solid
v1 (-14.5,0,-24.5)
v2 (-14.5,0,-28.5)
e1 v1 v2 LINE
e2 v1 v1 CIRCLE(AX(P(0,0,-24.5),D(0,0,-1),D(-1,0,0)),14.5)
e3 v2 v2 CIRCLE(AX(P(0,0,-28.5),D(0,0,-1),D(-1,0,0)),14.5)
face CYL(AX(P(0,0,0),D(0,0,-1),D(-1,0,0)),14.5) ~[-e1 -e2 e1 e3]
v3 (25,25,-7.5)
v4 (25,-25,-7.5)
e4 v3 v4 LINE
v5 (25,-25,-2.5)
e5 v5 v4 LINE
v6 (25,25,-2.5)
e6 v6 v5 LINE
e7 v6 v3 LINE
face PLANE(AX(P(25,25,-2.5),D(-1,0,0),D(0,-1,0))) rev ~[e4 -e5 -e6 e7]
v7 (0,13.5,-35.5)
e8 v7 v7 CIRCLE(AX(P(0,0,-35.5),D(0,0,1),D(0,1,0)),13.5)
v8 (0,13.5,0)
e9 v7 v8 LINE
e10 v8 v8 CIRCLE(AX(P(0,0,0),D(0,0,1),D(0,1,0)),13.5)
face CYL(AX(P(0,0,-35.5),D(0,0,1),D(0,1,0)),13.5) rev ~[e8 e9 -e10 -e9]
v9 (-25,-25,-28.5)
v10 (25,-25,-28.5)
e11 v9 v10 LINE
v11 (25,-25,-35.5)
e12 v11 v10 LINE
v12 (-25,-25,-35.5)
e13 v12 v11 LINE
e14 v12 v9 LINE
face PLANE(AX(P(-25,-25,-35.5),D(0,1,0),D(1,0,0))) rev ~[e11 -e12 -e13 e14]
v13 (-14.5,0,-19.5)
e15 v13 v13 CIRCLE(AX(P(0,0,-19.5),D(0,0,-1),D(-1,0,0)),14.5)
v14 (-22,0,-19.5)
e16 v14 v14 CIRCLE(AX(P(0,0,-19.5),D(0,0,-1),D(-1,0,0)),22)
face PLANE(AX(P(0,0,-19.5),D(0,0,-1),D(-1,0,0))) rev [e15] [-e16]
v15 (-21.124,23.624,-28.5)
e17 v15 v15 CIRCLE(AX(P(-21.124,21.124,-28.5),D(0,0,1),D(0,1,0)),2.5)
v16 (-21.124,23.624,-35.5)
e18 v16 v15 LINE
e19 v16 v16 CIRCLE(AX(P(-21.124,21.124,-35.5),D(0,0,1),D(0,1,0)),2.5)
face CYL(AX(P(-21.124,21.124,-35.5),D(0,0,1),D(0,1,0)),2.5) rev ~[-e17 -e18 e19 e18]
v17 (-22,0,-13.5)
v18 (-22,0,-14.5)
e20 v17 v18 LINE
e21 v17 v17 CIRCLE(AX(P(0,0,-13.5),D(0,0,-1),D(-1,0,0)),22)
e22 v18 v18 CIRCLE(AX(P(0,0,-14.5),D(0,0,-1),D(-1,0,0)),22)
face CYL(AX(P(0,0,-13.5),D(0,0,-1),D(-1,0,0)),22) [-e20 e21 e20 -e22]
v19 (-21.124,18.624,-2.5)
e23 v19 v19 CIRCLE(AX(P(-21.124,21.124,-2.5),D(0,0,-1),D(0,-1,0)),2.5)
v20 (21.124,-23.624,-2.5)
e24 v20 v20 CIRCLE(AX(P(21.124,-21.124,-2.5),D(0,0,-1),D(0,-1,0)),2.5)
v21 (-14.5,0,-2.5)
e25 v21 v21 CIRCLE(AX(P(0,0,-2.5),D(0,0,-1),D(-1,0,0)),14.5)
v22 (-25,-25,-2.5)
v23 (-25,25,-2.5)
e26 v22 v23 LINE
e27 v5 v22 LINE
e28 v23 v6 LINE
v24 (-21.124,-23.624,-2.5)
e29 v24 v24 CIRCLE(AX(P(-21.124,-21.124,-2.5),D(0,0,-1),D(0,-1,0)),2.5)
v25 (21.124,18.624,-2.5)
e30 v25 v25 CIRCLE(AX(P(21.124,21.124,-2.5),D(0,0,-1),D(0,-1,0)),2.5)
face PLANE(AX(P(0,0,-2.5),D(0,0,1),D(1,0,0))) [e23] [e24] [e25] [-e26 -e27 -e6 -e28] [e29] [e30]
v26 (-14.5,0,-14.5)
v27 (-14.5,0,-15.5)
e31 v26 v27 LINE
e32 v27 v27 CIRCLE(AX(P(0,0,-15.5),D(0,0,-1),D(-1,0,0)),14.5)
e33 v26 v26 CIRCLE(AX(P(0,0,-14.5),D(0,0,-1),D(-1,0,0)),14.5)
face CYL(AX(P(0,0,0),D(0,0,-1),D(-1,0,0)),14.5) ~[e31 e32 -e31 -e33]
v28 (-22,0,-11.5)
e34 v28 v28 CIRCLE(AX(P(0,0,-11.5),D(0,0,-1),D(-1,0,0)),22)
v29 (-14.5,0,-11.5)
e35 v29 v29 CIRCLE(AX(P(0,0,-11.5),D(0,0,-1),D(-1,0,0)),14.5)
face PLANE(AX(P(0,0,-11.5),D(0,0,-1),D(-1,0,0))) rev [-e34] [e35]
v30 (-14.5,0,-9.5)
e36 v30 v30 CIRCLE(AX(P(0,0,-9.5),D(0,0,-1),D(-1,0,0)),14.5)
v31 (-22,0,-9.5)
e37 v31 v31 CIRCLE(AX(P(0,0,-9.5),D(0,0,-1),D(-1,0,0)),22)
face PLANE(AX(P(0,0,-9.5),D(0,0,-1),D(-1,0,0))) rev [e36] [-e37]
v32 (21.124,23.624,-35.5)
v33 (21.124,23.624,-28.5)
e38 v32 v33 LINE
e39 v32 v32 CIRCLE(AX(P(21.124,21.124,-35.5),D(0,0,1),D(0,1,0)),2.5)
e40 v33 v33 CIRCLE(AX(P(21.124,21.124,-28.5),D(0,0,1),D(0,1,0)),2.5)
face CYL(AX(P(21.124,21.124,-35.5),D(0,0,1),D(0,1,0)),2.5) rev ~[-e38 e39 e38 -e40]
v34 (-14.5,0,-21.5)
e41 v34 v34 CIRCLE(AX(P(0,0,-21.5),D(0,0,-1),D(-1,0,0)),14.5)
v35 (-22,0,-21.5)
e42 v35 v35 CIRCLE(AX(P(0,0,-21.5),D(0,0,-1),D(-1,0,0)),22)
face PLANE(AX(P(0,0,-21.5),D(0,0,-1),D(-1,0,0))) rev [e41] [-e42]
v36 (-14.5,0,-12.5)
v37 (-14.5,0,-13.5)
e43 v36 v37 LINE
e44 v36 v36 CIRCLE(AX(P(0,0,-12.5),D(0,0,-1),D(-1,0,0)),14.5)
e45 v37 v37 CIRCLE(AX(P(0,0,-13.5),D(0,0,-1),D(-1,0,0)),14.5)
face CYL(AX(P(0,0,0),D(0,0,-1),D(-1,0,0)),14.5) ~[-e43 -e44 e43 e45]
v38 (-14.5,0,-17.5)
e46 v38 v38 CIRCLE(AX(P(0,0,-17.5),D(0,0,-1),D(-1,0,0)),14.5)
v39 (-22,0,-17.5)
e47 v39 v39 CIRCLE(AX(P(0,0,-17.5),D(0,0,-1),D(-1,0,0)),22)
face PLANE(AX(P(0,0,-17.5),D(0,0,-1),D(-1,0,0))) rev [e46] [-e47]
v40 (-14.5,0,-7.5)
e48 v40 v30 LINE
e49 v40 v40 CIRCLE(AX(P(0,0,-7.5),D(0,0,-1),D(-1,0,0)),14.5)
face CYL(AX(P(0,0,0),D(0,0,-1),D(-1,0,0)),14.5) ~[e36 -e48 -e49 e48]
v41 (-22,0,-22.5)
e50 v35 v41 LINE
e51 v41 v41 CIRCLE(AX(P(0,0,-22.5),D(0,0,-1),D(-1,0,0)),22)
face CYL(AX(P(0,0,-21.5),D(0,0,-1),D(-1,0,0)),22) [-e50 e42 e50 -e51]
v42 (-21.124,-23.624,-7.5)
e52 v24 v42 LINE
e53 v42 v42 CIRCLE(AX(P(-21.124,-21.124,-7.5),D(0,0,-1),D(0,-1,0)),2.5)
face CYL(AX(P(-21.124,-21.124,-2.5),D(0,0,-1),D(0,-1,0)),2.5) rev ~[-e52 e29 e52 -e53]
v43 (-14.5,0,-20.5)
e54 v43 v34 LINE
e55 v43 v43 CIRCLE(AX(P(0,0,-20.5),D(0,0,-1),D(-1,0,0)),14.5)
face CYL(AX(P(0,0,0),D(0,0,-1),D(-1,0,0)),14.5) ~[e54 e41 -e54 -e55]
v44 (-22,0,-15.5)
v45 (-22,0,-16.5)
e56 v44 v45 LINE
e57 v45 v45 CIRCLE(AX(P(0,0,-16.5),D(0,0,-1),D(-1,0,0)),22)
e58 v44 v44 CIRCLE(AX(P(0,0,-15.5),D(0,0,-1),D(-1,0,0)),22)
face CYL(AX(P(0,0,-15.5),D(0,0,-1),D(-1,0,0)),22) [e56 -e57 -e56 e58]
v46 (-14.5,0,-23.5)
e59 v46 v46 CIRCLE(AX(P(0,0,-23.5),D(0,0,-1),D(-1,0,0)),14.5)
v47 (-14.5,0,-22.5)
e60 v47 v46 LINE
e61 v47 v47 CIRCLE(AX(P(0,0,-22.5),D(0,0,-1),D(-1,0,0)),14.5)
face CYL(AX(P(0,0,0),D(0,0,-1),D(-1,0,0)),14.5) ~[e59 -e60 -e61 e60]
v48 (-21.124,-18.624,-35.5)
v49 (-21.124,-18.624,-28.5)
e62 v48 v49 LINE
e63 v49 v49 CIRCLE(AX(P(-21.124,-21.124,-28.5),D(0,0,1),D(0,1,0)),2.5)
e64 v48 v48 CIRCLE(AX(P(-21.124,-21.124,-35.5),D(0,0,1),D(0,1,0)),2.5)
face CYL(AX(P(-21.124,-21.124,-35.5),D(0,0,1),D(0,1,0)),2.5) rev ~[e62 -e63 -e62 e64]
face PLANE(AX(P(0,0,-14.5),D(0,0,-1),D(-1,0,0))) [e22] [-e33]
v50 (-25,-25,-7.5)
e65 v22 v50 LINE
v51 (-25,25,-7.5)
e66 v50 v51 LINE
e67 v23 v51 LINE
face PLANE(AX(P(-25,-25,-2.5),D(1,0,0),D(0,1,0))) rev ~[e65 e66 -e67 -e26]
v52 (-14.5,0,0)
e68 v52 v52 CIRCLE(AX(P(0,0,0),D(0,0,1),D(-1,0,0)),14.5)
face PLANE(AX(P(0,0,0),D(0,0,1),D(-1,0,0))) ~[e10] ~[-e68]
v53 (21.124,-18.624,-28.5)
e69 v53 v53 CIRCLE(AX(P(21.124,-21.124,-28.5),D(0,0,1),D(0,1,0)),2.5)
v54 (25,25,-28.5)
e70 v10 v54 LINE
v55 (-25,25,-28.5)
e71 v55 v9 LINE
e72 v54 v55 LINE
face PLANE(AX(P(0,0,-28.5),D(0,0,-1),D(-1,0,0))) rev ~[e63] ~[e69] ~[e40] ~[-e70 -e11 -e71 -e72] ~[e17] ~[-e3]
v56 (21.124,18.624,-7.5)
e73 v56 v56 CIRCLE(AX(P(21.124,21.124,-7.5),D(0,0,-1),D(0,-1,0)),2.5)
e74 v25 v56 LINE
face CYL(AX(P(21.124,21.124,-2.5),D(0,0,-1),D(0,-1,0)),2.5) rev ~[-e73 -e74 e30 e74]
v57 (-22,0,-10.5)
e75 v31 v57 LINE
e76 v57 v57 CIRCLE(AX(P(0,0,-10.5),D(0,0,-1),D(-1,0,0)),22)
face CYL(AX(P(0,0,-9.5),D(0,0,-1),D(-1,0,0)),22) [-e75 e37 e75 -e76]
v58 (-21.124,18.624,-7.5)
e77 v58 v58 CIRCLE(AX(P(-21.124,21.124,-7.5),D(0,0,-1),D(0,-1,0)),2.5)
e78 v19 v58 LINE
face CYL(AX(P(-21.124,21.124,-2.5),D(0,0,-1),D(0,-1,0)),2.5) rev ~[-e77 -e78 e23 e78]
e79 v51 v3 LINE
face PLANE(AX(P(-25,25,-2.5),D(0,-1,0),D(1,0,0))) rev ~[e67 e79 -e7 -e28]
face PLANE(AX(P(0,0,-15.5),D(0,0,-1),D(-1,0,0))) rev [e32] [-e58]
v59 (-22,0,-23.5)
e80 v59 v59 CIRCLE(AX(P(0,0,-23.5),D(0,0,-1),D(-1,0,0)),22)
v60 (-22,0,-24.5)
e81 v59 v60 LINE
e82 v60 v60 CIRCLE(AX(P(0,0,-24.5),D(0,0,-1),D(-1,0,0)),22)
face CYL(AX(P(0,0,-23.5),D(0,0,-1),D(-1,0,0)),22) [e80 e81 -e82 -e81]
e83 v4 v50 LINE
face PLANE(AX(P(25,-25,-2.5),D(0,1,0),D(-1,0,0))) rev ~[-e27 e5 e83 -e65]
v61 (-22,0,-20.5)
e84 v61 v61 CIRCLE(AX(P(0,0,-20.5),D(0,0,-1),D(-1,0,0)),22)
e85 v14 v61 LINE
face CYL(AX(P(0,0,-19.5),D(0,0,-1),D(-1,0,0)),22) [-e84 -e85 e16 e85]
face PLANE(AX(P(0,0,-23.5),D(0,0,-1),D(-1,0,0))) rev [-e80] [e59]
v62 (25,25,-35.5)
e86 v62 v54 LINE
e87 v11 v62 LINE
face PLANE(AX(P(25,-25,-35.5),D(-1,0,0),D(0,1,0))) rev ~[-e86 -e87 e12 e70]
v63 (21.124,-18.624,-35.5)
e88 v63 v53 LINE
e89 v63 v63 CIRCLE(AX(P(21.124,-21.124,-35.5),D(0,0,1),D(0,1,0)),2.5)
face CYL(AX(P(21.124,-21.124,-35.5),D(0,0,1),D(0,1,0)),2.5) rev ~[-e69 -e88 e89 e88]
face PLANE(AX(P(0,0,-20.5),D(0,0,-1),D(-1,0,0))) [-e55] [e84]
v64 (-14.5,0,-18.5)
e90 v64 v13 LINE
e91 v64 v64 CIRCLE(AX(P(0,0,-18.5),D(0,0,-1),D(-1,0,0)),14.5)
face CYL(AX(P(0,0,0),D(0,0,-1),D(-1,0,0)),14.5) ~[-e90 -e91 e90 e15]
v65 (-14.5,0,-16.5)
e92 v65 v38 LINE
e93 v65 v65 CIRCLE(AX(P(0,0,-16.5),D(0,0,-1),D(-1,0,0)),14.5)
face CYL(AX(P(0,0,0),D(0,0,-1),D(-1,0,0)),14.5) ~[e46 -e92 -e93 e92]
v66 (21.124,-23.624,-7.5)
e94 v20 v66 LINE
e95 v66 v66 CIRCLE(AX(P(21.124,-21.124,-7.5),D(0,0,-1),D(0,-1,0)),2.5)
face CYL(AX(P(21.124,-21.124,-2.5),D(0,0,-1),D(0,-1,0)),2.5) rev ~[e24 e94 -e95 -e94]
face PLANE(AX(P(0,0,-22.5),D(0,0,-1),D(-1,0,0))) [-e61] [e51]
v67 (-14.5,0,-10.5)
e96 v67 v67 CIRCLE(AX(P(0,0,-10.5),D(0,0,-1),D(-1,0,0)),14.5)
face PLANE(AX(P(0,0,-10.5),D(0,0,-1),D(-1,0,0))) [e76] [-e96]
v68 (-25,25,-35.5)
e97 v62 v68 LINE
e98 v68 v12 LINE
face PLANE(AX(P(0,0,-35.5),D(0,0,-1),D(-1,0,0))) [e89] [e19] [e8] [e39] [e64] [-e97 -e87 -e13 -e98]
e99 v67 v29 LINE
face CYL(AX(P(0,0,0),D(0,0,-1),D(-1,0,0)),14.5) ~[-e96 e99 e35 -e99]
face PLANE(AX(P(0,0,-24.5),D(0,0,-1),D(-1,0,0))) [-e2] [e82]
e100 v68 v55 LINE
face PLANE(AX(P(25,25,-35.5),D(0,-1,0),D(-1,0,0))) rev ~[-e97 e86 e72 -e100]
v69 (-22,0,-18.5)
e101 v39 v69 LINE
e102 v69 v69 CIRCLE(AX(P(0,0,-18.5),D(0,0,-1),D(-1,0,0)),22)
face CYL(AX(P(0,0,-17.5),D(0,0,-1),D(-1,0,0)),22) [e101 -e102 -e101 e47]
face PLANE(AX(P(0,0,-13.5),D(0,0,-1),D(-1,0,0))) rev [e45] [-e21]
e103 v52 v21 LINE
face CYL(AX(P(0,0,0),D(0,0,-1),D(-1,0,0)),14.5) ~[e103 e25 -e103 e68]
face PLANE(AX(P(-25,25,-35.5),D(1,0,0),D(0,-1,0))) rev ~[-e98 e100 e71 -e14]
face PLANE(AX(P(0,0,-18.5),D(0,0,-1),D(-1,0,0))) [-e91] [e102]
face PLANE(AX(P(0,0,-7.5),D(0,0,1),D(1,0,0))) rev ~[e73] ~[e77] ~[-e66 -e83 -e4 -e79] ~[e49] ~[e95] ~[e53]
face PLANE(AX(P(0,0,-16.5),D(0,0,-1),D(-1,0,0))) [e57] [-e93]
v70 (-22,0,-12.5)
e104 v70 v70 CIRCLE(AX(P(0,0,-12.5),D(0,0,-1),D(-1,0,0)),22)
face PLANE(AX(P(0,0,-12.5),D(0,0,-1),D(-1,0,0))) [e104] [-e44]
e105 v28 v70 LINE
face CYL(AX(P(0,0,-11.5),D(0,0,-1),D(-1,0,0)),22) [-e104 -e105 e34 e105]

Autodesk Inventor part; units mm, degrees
sketch "Skizze2" plane through (0, 0, 0) normal (0, 1, 0) x (-1, 0, 0)
  line L0 (0, 0) -> (14.5, 0)
  line L1 (14.5, 0) -> (14.5, -35.5)
  line L2 (14.5, -35.5) -> (0, -35.5)
  line L3 (0, -35.5) -> (0, 0)
  dimension "d2" = 29
  dimension "d3" = 35.5
revolve "Umdrehung1" add sketch "Skizze2" angle 360 about axis through (0, 0, -35.5) along (0, 0, 1)
ref_plane "Arbeitsebene1" through (0, 0, 0) normal (1, 0, 0) x (0, 1, 0)
ref_plane "Arbeitsebene2" through (0, 0, -2.5) normal (0, 0, 1) x (1, 0, 0)
sketch "Skizze4" plane through (0, 0, -2.5) normal (0, 0, 1) x (1, 0, 0)
  line L0 (25, -25) -> (-25, -25)
  line L1 (-25, -25) -> (-25, 25)
  line L2 (-25, 25) -> (25, 25)
  line L3 (25, 25) -> (25, -25)
  line L4 (25, -25) -> (-25, 25) construction
  line L5 (-25, -25) -> (25, 25) construction
  point P0 (0, 0)
  dimension "d7" = 50
  dimension "d8" = 50
extrude "Extrusion1" add sketch "Skizze4" against normal blind 5
ref_plane "Arbeitsebene3" through (0, 0, 0) normal (0, 1, 0) x (-1, 0, 0)
sketch "Skizze5" plane through (0, 0, 0) normal (0, 1, 0) x (-1, 0, 0)
  line L0 (14.5, -2.5) -> (14.5, 0) projected
  line L1 (14.5, -35.5) -> (14.5, -7.5) projected
  line L2 (14.5, -9.5) -> (22, -9.5)
  line L3 (22, -9.5) -> (22, -10.5)
  line L4 (22, -10.5) -> (14.5, -10.5)
  line L5 (25, -2.5) -> (-25, -2.5) projected
  line L6 (25, -2.5) -> (25, -7.5) projected
  line L7 (-25, -7.5) -> (25, -7.5) projected
  line L8 (-25, -2.5) -> (-25, -7.5) projected
  line L9 (0, 0) -> (0, -35.5)
  line L10 (14.5, -9.5) -> (14.5, -10.5)
  line L11 (14.5, -11.5) -> (22, -11.5)
  line L12 (22, -11.5) -> (22, -12.5)
  line L13 (22, -12.5) -> (14.5, -12.5)
  line L14 (14.5, -11.5) -> (14.5, -12.5)
  line L15 (14.5, -13.5) -> (22, -13.5)
  line L16 (22, -13.5) -> (22, -14.5)
  line L17 (22, -14.5) -> (14.5, -14.5)
  line L18 (14.5, -13.5) -> (14.5, -14.5)
  line L19 (14.5, -15.5) -> (22, -15.5)
  line L20 (22, -15.5) -> (22, -16.5)
  line L21 (22, -16.5) -> (14.5, -16.5)
  line L22 (14.5, -15.5) -> (14.5, -16.5)
  line L23 (14.5, -17.5) -> (22, -17.5)
  line L24 (22, -17.5) -> (22, -18.5)
  line L25 (22, -18.5) -> (14.5, -18.5)
  line L26 (14.5, -17.5) -> (14.5, -18.5)
  line L27 (14.5, -19.5) -> (22, -19.5)
  line L28 (22, -19.5) -> (22, -20.5)
  line L29 (22, -20.5) -> (14.5, -20.5)
  line L30 (14.5, -19.5) -> (14.5, -20.5)
  line L31 (14.5, -21.5) -> (22, -21.5)
  line L32 (22, -21.5) -> (22, -22.5)
  line L33 (22, -22.5) -> (14.5, -22.5)
  line L34 (14.5, -21.5) -> (14.5, -22.5)
  line L35 (14.5, -23.5) -> (22, -23.5)
  line L36 (22, -23.5) -> (22, -24.5)
  line L37 (22, -24.5) -> (14.5, -24.5)
  line L38 (14.5, -23.5) -> (14.5, -24.5)
  point P0 (22, -10)
  point P1 (18.25, -13.5)
  point P2 (18.25, -22.5)
  dimension "d12" = 1
  dimension "d13" = 2
  dimension "d14" = 44
  dimension "d15" = 1
  dimension "d16" = 1
  dimension "d17" = 1
  dimension "d18" = 1
  dimension "d19" = 1
  dimension "d20" = 1
  dimension "d21" = 1
  dimension "d22" = 1
  dimension "d23" = 1
  dimension "d24" = 1
  dimension "d25" = 1
  dimension "d26" = 1
  dimension "d27" = 1
  dimension "d28" = 1
  dimension "d29" = 44
revolve "Umdrehung2" add sketch "Skizze5" angle 360 about axis through (0, 0, 0) along (0, 0, -1) contours L1 L2 L3 L4 | L1 L11 L12 L13 | L1 L15 L16 L17 | L1 L19 L20 L21 | L1 L23 L24 L25 | L1 L27 L28 L29 | L1 L31 L32 L33 | L1 L35 L36 L37
ref_plane "Arbeitsebene4" through (0, 0, -35.5) normal (0, 0, -1) x (-1, 0, 0)
sketch "Skizze6" plane through (0, 0, -35.5) normal (0, 0, -1) x (-1, 0, 0)
  line L0 (-25, 25) -> (25, 25)
  line L1 (25, 25) -> (25, -25)
  line L2 (25, -25) -> (-25, -25)
  line L3 (-25, -25) -> (-25, 25)
  line L4 (-25, 25) -> (25, -25) construction
  line L5 (25, 25) -> (-25, -25) construction
  point P0 (0, 0)
  dimension "d32" = 50
  dimension "d33" = 50
extrude "Extrusion2" add sketch "Skizze6" against normal blind 7
sketch "Skizze7" plane through (25, -25, -35.5) normal (0, 0, -1) x (-1, 0, 0)
  point P0 (25, 25)
  point P1 (25, 25)
hole "Bohrung1" at (0, 0, -35.5) direction (0, 0, 1) diameter 27 depth 35.5
sketch "Skizze8" plane through (25, -25, -35.5) normal (0, 0, -1) x (-1, 0, 0)
  line L0 (0, 0) -> (50, 0) projected
  line L1 (25, 0) -> (25, 50) construction
  line L2 (50, 50) -> (0, 50) projected
  line L3 (50, 50) -> (50, 0) projected
  line L4 (50, 25) -> (0, 25) construction
  line L5 (0, 0) -> (0, 50) projected
  point P0 (25, 25)
  point P1 (46.124, 3.876)
  point P2 (3.876, 3.876)
  point P3 (46.124, 46.124)
  point P4 (3.876, 46.124)
  dimension "d75" = 42.248
  dimension "d76" = 42.248
hole "Bohrung2" at (-21.124, -21.124, -35.5) at (21.124, -21.124, -35.5) at (-21.124, 21.124, -35.5) at (21.124, 21.124, -35.5) direction (0, 0, 1) diameter 5 depth 7
sketch "Skizze9" plane through (0, 0, -2.5) normal (0, 0, 1) x (1, 0, 0)
  line L0 (25, 25) -> (25, -25) projected
  line L1 (25, 0) -> (-25, 0) construction
  line L2 (-25, -25) -> (-25, 25) projected
  line L3 (-25, 25) -> (25, 25) projected
  line L4 (0, 25) -> (0, -36.4207) construction
  point P0 (0, 0)
  point P1 (-21.124, 21.124)
  point P2 (21.124, 21.124)
  point P3 (-21.124, -21.124)
  point P4 (21.124, -21.124)
  dimension "d73" = 42.248
  dimension "d74" = 42.248
hole "Bohrung3" at (-21.124, 21.124, -2.5) at (21.124, 21.124, -2.5) at (-21.124, -21.124, -2.5) at (21.124, -21.124, -2.5) direction (0, 0, -1) diameter 5 depth 5
equation "\"d16\" = d15"
equation "\"d17\" = d15"
equation "\"d18\" = d15"
equation "\"d26\" = d22"
equation "\"d27\" = d22"
equation "\"d28\" = d22"
equation "\"d76\" = d75"
equation "\"d74\" = d73"
properties part number "cylinder" material "Bronze, Guss"
